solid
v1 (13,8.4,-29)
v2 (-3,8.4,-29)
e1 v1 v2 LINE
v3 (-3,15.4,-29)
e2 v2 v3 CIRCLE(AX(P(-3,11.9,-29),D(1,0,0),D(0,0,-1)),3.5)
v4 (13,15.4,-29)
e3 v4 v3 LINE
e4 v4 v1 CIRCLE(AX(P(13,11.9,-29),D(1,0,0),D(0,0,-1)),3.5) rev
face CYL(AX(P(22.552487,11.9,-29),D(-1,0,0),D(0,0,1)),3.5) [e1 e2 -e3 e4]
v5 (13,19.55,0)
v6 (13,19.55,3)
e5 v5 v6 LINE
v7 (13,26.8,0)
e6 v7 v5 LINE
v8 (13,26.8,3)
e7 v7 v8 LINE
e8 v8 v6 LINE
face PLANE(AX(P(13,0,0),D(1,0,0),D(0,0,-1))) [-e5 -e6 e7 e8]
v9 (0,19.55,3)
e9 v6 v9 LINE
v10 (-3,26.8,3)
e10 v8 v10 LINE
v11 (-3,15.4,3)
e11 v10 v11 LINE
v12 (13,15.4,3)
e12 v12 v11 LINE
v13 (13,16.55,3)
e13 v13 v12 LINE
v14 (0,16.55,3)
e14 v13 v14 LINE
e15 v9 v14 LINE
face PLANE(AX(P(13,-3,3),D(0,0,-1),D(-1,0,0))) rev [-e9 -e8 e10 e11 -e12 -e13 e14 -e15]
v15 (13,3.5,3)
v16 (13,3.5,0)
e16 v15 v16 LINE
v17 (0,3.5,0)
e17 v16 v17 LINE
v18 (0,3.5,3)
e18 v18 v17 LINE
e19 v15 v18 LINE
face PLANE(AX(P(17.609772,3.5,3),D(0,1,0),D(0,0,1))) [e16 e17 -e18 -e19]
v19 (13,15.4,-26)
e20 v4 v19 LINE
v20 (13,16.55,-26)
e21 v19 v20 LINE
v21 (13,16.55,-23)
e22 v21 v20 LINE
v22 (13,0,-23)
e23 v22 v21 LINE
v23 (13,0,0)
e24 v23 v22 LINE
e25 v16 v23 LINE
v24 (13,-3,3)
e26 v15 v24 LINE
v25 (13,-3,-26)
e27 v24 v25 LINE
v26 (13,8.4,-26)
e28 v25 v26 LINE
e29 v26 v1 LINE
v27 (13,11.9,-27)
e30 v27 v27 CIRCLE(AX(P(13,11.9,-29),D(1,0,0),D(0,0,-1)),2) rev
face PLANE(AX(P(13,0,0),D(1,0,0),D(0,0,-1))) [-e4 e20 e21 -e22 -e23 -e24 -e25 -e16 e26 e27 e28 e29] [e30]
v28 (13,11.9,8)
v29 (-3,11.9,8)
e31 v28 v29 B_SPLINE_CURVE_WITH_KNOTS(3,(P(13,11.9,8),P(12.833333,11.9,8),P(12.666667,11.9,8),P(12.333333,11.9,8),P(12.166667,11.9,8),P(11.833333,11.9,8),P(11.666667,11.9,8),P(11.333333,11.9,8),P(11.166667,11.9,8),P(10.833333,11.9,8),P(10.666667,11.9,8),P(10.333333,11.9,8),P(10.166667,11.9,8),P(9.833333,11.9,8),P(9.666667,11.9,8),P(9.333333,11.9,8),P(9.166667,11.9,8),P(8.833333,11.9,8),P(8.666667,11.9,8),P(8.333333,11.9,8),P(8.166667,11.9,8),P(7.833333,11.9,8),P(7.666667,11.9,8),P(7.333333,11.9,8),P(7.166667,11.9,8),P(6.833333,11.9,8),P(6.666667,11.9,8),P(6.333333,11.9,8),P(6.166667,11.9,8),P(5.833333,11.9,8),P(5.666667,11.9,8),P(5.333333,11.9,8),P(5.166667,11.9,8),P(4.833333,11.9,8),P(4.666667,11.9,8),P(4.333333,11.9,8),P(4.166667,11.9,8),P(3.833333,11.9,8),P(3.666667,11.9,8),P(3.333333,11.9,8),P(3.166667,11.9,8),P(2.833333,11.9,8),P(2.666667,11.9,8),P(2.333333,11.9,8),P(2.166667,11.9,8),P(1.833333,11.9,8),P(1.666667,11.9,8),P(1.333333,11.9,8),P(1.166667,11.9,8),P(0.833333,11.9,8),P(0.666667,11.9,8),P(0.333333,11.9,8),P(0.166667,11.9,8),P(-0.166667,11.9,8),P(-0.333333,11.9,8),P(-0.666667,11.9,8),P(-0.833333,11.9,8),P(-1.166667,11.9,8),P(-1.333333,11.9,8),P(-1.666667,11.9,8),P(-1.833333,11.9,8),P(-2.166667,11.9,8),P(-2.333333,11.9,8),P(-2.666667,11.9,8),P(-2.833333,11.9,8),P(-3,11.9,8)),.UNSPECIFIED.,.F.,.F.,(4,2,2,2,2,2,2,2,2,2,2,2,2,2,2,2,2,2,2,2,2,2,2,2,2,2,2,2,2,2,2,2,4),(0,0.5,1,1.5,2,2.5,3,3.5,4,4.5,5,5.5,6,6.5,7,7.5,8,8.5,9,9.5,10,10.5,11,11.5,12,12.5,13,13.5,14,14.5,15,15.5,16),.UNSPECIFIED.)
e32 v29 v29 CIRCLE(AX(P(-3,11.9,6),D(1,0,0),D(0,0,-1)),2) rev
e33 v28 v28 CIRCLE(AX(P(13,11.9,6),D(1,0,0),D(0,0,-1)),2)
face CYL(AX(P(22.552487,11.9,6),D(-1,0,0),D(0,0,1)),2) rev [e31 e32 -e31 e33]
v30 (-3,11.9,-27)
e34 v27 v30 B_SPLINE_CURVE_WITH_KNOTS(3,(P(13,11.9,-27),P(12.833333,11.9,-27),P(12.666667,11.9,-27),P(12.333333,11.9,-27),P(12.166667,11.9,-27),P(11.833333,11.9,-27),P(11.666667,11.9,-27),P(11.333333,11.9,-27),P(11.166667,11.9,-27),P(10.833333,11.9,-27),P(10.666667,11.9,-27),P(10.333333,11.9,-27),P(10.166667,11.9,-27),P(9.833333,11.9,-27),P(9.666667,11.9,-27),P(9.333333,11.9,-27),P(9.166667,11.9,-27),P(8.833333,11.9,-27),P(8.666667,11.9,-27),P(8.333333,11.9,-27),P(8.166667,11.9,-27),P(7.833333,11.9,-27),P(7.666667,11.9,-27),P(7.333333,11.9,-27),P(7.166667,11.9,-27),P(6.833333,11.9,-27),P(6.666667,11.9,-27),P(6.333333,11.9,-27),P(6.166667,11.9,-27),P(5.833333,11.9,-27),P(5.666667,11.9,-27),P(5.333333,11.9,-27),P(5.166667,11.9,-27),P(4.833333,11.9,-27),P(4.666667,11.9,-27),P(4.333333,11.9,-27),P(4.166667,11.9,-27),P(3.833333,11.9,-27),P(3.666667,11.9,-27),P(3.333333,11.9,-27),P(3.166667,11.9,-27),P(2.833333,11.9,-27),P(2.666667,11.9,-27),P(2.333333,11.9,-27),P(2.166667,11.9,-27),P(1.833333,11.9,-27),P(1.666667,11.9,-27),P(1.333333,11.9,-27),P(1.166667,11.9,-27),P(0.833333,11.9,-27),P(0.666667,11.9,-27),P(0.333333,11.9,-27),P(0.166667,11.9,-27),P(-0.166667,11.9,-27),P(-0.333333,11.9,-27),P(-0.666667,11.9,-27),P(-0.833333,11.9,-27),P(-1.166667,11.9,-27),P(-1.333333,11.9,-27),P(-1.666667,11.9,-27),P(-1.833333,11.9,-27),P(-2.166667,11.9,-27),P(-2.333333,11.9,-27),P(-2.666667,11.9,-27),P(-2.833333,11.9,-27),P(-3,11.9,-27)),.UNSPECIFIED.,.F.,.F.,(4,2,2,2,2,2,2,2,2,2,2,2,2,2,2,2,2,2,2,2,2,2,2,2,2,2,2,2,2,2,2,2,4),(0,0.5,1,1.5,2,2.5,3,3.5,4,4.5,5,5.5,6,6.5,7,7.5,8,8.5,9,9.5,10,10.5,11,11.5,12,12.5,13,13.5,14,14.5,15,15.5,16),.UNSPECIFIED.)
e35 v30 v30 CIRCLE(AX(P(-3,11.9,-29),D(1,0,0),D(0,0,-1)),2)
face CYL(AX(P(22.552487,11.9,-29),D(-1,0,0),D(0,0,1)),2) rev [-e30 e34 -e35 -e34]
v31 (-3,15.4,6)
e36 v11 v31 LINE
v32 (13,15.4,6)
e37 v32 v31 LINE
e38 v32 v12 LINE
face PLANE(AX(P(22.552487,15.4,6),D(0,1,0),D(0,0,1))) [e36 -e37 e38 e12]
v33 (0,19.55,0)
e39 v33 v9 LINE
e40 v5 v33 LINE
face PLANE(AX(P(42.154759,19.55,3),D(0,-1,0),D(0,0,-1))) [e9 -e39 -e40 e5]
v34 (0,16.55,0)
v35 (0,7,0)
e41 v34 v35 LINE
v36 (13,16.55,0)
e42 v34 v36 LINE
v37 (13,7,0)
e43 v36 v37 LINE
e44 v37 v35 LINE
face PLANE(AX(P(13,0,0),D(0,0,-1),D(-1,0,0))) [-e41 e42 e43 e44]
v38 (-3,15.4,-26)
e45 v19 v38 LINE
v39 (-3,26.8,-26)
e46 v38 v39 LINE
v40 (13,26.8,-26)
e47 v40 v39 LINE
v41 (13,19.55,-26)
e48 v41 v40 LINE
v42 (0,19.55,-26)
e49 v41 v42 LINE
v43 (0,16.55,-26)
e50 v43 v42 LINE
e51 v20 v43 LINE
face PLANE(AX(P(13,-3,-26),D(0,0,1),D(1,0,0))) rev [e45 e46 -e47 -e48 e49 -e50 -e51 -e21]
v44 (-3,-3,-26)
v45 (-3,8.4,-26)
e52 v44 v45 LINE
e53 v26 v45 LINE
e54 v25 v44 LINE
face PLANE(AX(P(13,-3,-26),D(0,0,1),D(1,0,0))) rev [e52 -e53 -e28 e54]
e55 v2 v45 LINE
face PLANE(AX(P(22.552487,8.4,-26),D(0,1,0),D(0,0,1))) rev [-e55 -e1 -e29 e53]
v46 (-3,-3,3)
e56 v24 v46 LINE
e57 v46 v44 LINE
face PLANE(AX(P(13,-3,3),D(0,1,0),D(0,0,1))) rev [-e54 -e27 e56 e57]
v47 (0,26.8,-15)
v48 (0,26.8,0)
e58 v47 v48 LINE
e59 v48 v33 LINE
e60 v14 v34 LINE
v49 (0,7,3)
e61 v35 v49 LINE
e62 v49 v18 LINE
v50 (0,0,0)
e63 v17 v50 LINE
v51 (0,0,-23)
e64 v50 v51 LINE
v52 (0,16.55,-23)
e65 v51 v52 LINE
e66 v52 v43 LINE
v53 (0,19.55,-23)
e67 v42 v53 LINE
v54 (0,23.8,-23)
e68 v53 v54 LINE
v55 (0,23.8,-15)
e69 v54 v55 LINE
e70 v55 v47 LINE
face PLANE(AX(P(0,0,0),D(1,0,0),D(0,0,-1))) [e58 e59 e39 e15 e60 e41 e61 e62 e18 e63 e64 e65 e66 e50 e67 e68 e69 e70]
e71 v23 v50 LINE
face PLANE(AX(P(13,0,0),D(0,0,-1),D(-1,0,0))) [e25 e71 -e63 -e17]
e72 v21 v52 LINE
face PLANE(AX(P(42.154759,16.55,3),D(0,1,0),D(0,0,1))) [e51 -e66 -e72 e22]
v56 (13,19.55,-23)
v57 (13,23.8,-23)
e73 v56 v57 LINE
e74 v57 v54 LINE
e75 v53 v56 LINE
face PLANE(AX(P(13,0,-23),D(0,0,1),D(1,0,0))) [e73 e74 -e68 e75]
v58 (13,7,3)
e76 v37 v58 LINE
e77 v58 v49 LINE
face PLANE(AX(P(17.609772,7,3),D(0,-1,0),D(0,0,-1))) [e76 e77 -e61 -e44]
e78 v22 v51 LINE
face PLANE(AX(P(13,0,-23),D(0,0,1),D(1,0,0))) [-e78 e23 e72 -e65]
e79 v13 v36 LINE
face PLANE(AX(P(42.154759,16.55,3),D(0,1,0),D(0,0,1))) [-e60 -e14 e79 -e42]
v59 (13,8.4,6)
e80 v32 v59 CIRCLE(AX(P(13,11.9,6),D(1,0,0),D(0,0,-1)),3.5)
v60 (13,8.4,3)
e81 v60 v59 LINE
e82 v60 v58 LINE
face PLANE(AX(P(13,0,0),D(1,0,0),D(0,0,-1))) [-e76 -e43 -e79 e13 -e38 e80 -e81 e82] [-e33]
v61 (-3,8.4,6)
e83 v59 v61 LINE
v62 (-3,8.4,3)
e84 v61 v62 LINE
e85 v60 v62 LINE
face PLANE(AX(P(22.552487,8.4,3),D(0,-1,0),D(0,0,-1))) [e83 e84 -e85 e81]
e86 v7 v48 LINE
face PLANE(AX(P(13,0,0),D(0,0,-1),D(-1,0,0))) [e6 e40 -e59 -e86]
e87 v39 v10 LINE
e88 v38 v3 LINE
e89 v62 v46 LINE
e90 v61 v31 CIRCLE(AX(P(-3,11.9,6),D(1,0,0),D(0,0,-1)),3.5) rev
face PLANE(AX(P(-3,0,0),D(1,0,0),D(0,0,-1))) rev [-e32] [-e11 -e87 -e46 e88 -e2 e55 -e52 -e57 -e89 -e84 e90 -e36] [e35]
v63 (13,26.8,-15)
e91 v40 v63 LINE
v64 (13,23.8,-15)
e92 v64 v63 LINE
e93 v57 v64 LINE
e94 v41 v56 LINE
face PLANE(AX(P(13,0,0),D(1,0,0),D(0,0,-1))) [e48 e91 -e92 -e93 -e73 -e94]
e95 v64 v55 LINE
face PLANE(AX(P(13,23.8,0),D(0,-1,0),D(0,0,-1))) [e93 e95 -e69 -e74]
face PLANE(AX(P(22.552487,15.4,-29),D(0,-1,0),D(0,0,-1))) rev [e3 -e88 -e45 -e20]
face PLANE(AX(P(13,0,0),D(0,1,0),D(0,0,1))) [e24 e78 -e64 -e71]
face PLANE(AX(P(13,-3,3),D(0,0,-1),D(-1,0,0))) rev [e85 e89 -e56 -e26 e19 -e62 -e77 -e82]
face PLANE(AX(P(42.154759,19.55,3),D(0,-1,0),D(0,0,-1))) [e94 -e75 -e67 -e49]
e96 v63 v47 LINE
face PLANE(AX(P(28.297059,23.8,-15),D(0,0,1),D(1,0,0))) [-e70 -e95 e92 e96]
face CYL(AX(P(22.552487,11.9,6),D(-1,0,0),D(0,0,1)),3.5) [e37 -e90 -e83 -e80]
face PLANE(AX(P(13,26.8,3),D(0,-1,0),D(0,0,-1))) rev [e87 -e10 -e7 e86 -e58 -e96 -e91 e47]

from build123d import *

# Parameters (mm, degrees)
SKETCH1_W                = 29
SKETCH1_H                = 29.8
SKETCH1_W_2              = 23
SKETCH1_H_2              = 23.8
SIDES_DEPTH              = 13
SKETCH2_W                = 29
SKETCH2_H                = 29.8
BASE_DEPTH               = 3
SKETCH3_W                = 29
SKETCH3_H                = 3
SERVO_WING_SLOTS_DEPTH   = 13
SKETCH4_W                = 3
SKETCH4_H                = 3.5
SERVO_WIRE_SLOT_DEPTH    = 13
SKETCH5_W                = 15
SKETCH5_H                = 3
SERVO_HEAD_OPENING_DEPTH = 13
MOUNT_REACH              = 41.538
SKETCH6_R                = 2
MOUNT_DIRECTION_2_REACH  = 41.538


with BuildPart() as part:
    # Sketch1 → sides (new body)
    with BuildSketch(Plane(origin=(0, 0, 0), x_dir=(0, 0, -1), z_dir=(1, 0, 0))):
        with Locations((11.5, 11.9)):
            Rectangle(SKETCH1_W, SKETCH1_H)
        with Locations((11.5, 11.9)):
            Rectangle(SKETCH1_W_2, SKETCH1_H_2, mode=Mode.SUBTRACT)
    extrude(amount=SIDES_DEPTH)

    # Sketch2 → base (add)
    with BuildSketch(Plane(origin=(0, 0, 0), x_dir=(0, 0, -1), z_dir=(1, 0, 0))):
        with Locations((11.5, 11.9)):
            Rectangle(SKETCH2_W, SKETCH2_H)
    extrude(amount=-BASE_DEPTH)

    # Sketch3 → servo wing slots (cut)
    with BuildSketch(Plane(origin=(0, 0, 0), x_dir=(0, 0, -1), z_dir=(1, 0, 0))):
        with Locations((11.5, 18.05)):
            Rectangle(SKETCH3_W, SKETCH3_H)
    extrude(amount=SERVO_WING_SLOTS_DEPTH, mode=Mode.SUBTRACT)

    # Sketch4 → servo wire slot (cut)
    with BuildSketch(Plane(origin=(0, 0, 0), x_dir=(0, 0, -1), z_dir=(1, 0, 0))):
        with Locations((-1.5, 5.25)):
            Rectangle(SKETCH4_W, SKETCH4_H)
    extrude(amount=SERVO_WIRE_SLOT_DEPTH, mode=Mode.SUBTRACT)

    # Sketch5 → servo head opening (cut)
    with BuildSketch(Plane(origin=(0, 0, 0), x_dir=(0, 0, -1), z_dir=(1, 0, 0))):
        with Locations((7.5, 25.3)):
            Rectangle(SKETCH5_W, SKETCH5_H)
    extrude(amount=SERVO_HEAD_OPENING_DEPTH, mode=Mode.SUBTRACT)

    # mount: up to this face of the body (flat: up to its plane)
    mount_end = Plane(part.part.faces().sort_by_distance((13, 11.775, 1.5))[0])
    # Sketch6 → mount (add, up to the picked face)
    with BuildSketch(Plane(origin=(0, 0, 0), x_dir=(0, 0, -1), z_dir=(1, 0, 0)), mode=Mode.PRIVATE) as mount_sk1:
        with BuildLine():
            Line((-6, 15.4), (-3, 15.4))
            Line((-3, 15.4), (-3, 8.4))
            Line((-3, 8.4), (-6, 8.4))
            ThreePointArc((-6, 8.4), (-9.5, 11.9), (-6, 15.4))
        make_face()
        with Locations(Location((-6, 11.9, 0), (0, 0, 180))):
            Circle(SKETCH6_R, mode=Mode.SUBTRACT)
    mount_tool1 = split(extrude(mount_sk1.sketch, amount=MOUNT_REACH, mode=Mode.PRIVATE), bisect_by=mount_end, keep=Keep.BOTH, mode=Mode.PRIVATE)
    # Sketch6 → mount (add, up to the picked face)
    with BuildSketch(Plane(origin=(0, 0, 0), x_dir=(0, 0, -1), z_dir=(1, 0, 0)), mode=Mode.PRIVATE) as mount_sk2:
        with BuildLine():
            Line((29, 15.4), (26, 15.4))
            Line((26, 15.4), (26, 8.4))
            Line((26, 8.4), (29, 8.4))
            ThreePointArc((29, 8.4), (32.5, 11.9), (29, 15.4))
        make_face()
        with Locations(Location((29, 11.9, 0), (0, 0, 180))):
            Circle(SKETCH6_R, mode=Mode.SUBTRACT)
    mount_tool2 = split(extrude(mount_sk2.sketch, amount=MOUNT_REACH, mode=Mode.PRIVATE), bisect_by=mount_end, keep=Keep.BOTH, mode=Mode.PRIVATE)
    add(mount_tool1.solids().sort_by(Axis((0, 15.304475, 4.5), (1, 0, 0)))[0])
    add(mount_tool2.solids().sort_by(Axis((0, 11.9, -32.404475), (1, 0, 0)))[0])

    # mount direction 2: up to this face of the body (flat: up to its plane)
    mount_direction_2_end = Plane(part.part.faces().sort_by_distance((-3, 11.9, -11.5))[0])
    # Sketch6 → mount direction 2 (add, up to the picked face)
    with BuildSketch(Plane(origin=(0, 0, 0), x_dir=(0, 0, -1), z_dir=(1, 0, 0)), mode=Mode.PRIVATE) as mount_direction_2_sk1:
        with BuildLine():
            Line((-6, 15.4), (-3, 15.4))
            Line((-3, 15.4), (-3, 8.4))
            Line((-3, 8.4), (-6, 8.4))
            ThreePointArc((-6, 8.4), (-9.5, 11.9), (-6, 15.4))
        make_face()
        with Locations(Location((-6, 11.9, 0), (0, 0, 180))):
            Circle(SKETCH6_R, mode=Mode.SUBTRACT)
    mount_direction_2_tool1 = split(extrude(mount_direction_2_sk1.sketch, amount=-MOUNT_DIRECTION_2_REACH, mode=Mode.PRIVATE), bisect_by=mount_direction_2_end, keep=Keep.BOTH, mode=Mode.PRIVATE)
    # Sketch6 → mount direction 2 (add, up to the picked face)
    with BuildSketch(Plane(origin=(0, 0, 0), x_dir=(0, 0, -1), z_dir=(1, 0, 0)), mode=Mode.PRIVATE) as mount_direction_2_sk2:
        with BuildLine():
            Line((29, 15.4), (26, 15.4))
            Line((26, 15.4), (26, 8.4))
            Line((26, 8.4), (29, 8.4))
            ThreePointArc((29, 8.4), (32.5, 11.9), (29, 15.4))
        make_face()
        with Locations(Location((29, 11.9, 0), (0, 0, 180))):
            Circle(SKETCH6_R, mode=Mode.SUBTRACT)
    mount_direction_2_tool2 = split(extrude(mount_direction_2_sk2.sketch, amount=-MOUNT_DIRECTION_2_REACH, mode=Mode.PRIVATE), bisect_by=mount_direction_2_end, keep=Keep.BOTH, mode=Mode.PRIVATE)
    add(mount_direction_2_tool1.solids().sort_by(Axis((0, 15.304475, 4.5), (-1, 0, 0)))[0])
    add(mount_direction_2_tool2.solids().sort_by(Axis((0, 11.9, -32.404475), (-1, 0, 0)))[0])


solid = part.part
